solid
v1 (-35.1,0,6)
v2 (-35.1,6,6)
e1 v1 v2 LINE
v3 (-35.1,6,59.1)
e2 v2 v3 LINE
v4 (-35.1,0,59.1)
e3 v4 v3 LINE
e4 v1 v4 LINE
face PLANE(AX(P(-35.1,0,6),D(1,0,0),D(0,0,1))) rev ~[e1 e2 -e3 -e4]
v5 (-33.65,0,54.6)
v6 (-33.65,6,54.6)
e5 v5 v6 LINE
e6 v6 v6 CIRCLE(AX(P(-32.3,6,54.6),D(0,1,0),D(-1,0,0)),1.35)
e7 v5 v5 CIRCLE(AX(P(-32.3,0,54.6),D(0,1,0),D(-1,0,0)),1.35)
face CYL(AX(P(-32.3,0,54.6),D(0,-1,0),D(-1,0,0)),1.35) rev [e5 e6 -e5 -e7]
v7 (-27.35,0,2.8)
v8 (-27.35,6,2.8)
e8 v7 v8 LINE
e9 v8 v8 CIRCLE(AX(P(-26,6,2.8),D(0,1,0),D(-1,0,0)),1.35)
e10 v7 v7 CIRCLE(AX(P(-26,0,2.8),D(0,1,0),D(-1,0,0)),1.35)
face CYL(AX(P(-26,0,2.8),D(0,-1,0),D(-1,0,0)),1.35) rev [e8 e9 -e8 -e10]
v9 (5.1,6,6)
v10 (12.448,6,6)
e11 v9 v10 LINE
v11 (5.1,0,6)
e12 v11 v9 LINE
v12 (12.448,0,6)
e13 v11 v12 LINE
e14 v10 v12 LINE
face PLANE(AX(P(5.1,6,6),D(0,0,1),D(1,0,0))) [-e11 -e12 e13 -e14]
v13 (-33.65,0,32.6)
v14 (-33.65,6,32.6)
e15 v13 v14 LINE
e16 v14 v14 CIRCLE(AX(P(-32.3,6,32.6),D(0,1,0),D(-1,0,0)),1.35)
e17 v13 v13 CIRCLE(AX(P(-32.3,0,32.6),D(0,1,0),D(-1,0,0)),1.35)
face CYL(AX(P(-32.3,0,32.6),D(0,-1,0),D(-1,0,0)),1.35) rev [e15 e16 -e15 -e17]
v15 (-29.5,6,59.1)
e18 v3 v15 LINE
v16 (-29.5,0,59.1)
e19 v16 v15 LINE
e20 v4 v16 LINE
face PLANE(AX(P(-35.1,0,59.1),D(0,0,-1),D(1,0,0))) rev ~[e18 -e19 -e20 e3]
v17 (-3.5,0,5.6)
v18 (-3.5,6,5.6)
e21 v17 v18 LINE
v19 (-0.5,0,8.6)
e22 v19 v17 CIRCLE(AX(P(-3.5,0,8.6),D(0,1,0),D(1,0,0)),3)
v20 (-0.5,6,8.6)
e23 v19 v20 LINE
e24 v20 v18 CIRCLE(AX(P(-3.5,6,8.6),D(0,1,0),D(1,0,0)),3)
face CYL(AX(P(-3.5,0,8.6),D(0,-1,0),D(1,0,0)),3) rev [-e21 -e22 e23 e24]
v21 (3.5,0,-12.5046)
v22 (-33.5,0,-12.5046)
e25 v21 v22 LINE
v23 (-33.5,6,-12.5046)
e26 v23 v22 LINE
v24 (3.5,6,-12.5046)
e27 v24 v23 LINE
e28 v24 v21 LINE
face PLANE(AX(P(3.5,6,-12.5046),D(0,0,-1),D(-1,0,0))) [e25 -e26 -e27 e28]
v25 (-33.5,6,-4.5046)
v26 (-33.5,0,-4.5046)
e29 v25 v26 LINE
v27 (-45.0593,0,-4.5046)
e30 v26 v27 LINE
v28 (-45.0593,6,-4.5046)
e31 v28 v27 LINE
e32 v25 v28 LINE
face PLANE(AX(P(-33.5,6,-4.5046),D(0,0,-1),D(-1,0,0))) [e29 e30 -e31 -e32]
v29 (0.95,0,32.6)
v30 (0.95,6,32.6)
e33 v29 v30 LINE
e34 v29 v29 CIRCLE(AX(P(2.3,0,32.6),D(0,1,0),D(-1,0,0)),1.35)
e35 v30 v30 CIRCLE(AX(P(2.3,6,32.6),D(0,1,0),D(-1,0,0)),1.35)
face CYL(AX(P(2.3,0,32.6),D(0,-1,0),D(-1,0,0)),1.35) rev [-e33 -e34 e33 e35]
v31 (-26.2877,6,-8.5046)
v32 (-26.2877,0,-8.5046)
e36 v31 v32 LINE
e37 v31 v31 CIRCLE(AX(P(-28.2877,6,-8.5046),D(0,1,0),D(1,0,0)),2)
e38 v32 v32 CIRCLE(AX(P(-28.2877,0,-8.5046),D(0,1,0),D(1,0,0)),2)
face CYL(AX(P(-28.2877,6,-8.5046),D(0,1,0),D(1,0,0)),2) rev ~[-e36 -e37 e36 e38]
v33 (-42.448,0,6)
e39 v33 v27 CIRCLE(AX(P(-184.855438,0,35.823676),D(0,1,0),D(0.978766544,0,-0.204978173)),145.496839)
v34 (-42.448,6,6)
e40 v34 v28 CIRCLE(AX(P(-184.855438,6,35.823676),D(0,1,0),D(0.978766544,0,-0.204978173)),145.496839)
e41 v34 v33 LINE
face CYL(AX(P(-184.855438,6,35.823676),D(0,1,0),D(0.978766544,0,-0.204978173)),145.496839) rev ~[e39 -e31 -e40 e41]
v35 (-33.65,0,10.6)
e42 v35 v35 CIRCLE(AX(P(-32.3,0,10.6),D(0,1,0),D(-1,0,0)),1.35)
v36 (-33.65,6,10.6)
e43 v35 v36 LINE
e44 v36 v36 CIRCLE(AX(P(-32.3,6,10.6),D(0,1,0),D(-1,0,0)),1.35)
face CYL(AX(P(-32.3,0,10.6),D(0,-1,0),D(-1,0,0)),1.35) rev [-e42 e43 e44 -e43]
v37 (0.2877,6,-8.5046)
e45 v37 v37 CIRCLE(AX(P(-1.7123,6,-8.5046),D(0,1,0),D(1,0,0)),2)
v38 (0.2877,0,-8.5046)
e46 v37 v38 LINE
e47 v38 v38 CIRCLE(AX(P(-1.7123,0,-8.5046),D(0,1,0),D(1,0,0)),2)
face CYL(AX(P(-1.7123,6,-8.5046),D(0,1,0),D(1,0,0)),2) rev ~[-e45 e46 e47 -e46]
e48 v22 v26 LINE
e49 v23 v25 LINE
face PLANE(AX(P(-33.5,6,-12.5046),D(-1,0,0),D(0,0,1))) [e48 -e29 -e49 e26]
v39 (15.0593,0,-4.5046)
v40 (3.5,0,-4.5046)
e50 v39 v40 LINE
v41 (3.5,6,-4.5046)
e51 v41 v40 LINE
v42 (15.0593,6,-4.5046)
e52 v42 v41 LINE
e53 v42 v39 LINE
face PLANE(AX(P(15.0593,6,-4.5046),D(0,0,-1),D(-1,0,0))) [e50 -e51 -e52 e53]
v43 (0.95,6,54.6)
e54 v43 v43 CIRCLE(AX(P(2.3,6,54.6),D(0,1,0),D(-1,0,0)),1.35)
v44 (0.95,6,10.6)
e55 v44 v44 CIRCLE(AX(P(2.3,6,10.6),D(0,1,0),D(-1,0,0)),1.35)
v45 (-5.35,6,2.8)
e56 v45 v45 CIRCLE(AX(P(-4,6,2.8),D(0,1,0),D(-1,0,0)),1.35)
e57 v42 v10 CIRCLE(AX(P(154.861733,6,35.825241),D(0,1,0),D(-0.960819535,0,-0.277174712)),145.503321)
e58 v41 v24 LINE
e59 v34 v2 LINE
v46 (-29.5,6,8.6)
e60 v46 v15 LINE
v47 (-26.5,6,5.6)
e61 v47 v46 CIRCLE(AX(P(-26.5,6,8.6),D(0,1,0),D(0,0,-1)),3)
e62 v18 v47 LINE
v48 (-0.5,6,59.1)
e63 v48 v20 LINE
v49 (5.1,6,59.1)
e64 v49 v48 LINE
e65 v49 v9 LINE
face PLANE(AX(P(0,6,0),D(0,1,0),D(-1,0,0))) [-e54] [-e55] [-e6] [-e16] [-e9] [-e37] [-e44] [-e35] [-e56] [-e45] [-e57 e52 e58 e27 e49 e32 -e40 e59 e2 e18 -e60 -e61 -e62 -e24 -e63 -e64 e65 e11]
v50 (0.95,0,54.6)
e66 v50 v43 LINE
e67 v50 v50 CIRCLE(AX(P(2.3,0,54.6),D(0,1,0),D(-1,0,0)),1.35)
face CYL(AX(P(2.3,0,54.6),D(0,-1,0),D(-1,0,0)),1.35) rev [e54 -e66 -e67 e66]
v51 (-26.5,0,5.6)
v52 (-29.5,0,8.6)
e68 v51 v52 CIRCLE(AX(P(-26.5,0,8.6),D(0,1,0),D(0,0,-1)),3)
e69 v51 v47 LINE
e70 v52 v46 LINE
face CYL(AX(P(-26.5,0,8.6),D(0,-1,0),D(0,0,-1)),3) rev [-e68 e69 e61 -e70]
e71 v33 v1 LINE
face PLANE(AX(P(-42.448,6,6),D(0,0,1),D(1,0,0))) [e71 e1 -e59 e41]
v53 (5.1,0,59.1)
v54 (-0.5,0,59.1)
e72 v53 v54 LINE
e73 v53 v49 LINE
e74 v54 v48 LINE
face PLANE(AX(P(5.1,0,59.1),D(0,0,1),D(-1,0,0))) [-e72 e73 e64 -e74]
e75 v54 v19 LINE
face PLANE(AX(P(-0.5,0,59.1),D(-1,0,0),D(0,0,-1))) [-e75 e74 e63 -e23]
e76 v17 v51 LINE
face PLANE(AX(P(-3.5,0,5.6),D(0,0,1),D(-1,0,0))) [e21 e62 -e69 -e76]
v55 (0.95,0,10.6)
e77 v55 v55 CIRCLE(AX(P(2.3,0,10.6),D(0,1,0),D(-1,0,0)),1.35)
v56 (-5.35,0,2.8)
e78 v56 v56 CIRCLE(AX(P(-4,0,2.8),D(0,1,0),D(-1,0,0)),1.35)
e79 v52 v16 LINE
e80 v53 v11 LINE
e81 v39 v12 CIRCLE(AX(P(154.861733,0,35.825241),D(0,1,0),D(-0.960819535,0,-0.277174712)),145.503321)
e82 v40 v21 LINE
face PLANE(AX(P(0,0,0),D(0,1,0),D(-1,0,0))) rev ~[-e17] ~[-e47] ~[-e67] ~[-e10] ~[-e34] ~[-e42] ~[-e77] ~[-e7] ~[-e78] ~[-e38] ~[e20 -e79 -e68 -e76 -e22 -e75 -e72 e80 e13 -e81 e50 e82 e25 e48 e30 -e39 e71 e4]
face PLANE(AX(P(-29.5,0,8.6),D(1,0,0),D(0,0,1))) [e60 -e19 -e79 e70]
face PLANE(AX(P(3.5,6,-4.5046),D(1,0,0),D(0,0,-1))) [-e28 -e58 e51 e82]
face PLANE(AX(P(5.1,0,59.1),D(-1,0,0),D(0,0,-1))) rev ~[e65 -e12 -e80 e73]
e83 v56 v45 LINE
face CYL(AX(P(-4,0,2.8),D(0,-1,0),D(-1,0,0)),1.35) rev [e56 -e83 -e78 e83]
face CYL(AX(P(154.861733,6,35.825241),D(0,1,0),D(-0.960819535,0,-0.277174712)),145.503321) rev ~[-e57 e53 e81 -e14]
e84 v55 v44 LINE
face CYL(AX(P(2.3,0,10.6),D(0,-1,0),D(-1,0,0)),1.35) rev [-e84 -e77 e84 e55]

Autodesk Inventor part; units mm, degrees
ref_plane "YZ Plane" through (0, 0, 0) normal (1, 0, 0) x (0, 1, 0)
ref_plane "XZ Plane" through (0, 0, 0) normal (0, 1, 0) x (-1, 0, 0)
ref_plane "XY Plane" through (0, 0, 0) normal (0, 0, 1) x (1, 0, 0)
sketch "Эскиз1" plane through (0, 0, 0) normal (0, 1, 0) x (-1, 0, 0)
  arc A0 (3.5, 65.1) -> (0.5, 62.1) centre (3.5, 62.1) ccw
  line L0 (0, 65.1) -> (3.5, 65.1)
  line L1 (0, 65.1) -> (-5.1, 59.1)
  line L2 (-5.1, 59.1) -> (-5.1, 6)
  line L3 (-5.1, 6) -> (0, 0)
  line L4 (0, 0) -> (30, 0)
  line L5 (30, 0) -> (35.1, 6)
  line L6 (35.1, 6) -> (35.1, 59.1)
  line L7 (35.1, 59.1) -> (30, 65.1)
  line L8 (26.5, 65.1) -> (30, 65.1)
  arc A1 (29.5, 62.1) -> (26.5, 65.1) centre (26.5, 62.1) ccw
  line L9 (29.5, 8.6) -> (29.5, 62.1)
  arc A2 (26.5, 5.6) -> (29.5, 8.6) centre (26.5, 8.6) ccw
  line L10 (3.5, 5.6) -> (26.5, 5.6)
  arc A3 (0.5, 8.6) -> (3.5, 5.6) centre (3.5, 8.6) ccw
  line L11 (0.5, 62.1) -> (0.5, 8.6)
  circle A4 centre (4, 2.8) radius 1.35
  circle A5 centre (-2.3, 10.6) radius 1.35
  circle A6 centre (-2.3, 32.6) radius 1.35
  circle A7 centre (-2.3, 54.6) radius 1.35
  circle A8 centre (26, 2.8) radius 1.35
  circle A9 centre (32.3, 10.6) radius 1.35
  circle A10 centre (32.3, 32.6) radius 1.35
  circle A11 centre (32.3, 54.6) radius 1.35
  line L12 (26.5, 65.1) -> (3.5, 65.1)
  line L13 (35.1, 6) -> (35.1, 0)
  line L14 (35.1, 0) -> (30, 0)
  line L15 (-5.1, 6) -> (-5.1, 0)
  line L16 (-5.1, 0) -> (0, 0)
  line L17 (35.1, 0) -> (-5.1, 0)
  line L18 (-5.1, 0) -> (-5.1, 65.1)
  line L19 (-5.1, 65.1) -> (35.1, 65.1)
  line L20 (35.1, 65.1) -> (35.1, 0)
  line L21 (-5.1, 59.1) -> (0.5, 59.1)
  line L22 (35.1, 59.1) -> (29.5, 59.1)
  point P0 (15, 50.6)
extrude "Выдавливание1" add sketch "Эскиз1" along normal blind 6 contours L11 A3 L10 A2 L9 L22 L6 L5 L4 L3 L2 L21
sketch "Эскиз2" plane through (0, 6, 0) normal (0, 1, 0) x (1, 0, 0)
  circle A0 centre (-1.7123, 8.5046) radius 2
  circle A1 centre (-28.2877, 8.5046) radius 2
  line L0 (3.5, 12.5046) -> (-33.5, 12.5046)
  line L1 (-33.5, 12.5046) -> (-33.5, 4.5046)
  line L2 (-33.5, 4.5046) -> (-45.0593, 4.5046)
  arc A2 (-42.448, -6) -> (-45.0593, 4.5046) centre (-184.8586, -35.8244) ccw
  line L3 (-42.448, -6) -> (-35.1, -6)
  line L4 (-35.1, -6) -> (-30, 0)
  line L5 (-30, 0) -> (0, 0)
  line L6 (0, 0) -> (5.1, -6)
  line L7 (5.1, -6) -> (12.448, -6)
  arc A3 (15.0593, 4.5046) -> (12.448, -6) centre (154.8586, -35.8244) ccw
  line L8 (15.0593, 4.5046) -> (3.5, 4.5046)
  line L9 (3.5, 4.5046) -> (3.5, 12.5046)
  point P0 (0, 0)
  point P1 (0, 0)
extrude "Выдавливание2" add sketch "Эскиз2" against normal blind 6
properties part number "000.402 - Прижим сервомотора"
